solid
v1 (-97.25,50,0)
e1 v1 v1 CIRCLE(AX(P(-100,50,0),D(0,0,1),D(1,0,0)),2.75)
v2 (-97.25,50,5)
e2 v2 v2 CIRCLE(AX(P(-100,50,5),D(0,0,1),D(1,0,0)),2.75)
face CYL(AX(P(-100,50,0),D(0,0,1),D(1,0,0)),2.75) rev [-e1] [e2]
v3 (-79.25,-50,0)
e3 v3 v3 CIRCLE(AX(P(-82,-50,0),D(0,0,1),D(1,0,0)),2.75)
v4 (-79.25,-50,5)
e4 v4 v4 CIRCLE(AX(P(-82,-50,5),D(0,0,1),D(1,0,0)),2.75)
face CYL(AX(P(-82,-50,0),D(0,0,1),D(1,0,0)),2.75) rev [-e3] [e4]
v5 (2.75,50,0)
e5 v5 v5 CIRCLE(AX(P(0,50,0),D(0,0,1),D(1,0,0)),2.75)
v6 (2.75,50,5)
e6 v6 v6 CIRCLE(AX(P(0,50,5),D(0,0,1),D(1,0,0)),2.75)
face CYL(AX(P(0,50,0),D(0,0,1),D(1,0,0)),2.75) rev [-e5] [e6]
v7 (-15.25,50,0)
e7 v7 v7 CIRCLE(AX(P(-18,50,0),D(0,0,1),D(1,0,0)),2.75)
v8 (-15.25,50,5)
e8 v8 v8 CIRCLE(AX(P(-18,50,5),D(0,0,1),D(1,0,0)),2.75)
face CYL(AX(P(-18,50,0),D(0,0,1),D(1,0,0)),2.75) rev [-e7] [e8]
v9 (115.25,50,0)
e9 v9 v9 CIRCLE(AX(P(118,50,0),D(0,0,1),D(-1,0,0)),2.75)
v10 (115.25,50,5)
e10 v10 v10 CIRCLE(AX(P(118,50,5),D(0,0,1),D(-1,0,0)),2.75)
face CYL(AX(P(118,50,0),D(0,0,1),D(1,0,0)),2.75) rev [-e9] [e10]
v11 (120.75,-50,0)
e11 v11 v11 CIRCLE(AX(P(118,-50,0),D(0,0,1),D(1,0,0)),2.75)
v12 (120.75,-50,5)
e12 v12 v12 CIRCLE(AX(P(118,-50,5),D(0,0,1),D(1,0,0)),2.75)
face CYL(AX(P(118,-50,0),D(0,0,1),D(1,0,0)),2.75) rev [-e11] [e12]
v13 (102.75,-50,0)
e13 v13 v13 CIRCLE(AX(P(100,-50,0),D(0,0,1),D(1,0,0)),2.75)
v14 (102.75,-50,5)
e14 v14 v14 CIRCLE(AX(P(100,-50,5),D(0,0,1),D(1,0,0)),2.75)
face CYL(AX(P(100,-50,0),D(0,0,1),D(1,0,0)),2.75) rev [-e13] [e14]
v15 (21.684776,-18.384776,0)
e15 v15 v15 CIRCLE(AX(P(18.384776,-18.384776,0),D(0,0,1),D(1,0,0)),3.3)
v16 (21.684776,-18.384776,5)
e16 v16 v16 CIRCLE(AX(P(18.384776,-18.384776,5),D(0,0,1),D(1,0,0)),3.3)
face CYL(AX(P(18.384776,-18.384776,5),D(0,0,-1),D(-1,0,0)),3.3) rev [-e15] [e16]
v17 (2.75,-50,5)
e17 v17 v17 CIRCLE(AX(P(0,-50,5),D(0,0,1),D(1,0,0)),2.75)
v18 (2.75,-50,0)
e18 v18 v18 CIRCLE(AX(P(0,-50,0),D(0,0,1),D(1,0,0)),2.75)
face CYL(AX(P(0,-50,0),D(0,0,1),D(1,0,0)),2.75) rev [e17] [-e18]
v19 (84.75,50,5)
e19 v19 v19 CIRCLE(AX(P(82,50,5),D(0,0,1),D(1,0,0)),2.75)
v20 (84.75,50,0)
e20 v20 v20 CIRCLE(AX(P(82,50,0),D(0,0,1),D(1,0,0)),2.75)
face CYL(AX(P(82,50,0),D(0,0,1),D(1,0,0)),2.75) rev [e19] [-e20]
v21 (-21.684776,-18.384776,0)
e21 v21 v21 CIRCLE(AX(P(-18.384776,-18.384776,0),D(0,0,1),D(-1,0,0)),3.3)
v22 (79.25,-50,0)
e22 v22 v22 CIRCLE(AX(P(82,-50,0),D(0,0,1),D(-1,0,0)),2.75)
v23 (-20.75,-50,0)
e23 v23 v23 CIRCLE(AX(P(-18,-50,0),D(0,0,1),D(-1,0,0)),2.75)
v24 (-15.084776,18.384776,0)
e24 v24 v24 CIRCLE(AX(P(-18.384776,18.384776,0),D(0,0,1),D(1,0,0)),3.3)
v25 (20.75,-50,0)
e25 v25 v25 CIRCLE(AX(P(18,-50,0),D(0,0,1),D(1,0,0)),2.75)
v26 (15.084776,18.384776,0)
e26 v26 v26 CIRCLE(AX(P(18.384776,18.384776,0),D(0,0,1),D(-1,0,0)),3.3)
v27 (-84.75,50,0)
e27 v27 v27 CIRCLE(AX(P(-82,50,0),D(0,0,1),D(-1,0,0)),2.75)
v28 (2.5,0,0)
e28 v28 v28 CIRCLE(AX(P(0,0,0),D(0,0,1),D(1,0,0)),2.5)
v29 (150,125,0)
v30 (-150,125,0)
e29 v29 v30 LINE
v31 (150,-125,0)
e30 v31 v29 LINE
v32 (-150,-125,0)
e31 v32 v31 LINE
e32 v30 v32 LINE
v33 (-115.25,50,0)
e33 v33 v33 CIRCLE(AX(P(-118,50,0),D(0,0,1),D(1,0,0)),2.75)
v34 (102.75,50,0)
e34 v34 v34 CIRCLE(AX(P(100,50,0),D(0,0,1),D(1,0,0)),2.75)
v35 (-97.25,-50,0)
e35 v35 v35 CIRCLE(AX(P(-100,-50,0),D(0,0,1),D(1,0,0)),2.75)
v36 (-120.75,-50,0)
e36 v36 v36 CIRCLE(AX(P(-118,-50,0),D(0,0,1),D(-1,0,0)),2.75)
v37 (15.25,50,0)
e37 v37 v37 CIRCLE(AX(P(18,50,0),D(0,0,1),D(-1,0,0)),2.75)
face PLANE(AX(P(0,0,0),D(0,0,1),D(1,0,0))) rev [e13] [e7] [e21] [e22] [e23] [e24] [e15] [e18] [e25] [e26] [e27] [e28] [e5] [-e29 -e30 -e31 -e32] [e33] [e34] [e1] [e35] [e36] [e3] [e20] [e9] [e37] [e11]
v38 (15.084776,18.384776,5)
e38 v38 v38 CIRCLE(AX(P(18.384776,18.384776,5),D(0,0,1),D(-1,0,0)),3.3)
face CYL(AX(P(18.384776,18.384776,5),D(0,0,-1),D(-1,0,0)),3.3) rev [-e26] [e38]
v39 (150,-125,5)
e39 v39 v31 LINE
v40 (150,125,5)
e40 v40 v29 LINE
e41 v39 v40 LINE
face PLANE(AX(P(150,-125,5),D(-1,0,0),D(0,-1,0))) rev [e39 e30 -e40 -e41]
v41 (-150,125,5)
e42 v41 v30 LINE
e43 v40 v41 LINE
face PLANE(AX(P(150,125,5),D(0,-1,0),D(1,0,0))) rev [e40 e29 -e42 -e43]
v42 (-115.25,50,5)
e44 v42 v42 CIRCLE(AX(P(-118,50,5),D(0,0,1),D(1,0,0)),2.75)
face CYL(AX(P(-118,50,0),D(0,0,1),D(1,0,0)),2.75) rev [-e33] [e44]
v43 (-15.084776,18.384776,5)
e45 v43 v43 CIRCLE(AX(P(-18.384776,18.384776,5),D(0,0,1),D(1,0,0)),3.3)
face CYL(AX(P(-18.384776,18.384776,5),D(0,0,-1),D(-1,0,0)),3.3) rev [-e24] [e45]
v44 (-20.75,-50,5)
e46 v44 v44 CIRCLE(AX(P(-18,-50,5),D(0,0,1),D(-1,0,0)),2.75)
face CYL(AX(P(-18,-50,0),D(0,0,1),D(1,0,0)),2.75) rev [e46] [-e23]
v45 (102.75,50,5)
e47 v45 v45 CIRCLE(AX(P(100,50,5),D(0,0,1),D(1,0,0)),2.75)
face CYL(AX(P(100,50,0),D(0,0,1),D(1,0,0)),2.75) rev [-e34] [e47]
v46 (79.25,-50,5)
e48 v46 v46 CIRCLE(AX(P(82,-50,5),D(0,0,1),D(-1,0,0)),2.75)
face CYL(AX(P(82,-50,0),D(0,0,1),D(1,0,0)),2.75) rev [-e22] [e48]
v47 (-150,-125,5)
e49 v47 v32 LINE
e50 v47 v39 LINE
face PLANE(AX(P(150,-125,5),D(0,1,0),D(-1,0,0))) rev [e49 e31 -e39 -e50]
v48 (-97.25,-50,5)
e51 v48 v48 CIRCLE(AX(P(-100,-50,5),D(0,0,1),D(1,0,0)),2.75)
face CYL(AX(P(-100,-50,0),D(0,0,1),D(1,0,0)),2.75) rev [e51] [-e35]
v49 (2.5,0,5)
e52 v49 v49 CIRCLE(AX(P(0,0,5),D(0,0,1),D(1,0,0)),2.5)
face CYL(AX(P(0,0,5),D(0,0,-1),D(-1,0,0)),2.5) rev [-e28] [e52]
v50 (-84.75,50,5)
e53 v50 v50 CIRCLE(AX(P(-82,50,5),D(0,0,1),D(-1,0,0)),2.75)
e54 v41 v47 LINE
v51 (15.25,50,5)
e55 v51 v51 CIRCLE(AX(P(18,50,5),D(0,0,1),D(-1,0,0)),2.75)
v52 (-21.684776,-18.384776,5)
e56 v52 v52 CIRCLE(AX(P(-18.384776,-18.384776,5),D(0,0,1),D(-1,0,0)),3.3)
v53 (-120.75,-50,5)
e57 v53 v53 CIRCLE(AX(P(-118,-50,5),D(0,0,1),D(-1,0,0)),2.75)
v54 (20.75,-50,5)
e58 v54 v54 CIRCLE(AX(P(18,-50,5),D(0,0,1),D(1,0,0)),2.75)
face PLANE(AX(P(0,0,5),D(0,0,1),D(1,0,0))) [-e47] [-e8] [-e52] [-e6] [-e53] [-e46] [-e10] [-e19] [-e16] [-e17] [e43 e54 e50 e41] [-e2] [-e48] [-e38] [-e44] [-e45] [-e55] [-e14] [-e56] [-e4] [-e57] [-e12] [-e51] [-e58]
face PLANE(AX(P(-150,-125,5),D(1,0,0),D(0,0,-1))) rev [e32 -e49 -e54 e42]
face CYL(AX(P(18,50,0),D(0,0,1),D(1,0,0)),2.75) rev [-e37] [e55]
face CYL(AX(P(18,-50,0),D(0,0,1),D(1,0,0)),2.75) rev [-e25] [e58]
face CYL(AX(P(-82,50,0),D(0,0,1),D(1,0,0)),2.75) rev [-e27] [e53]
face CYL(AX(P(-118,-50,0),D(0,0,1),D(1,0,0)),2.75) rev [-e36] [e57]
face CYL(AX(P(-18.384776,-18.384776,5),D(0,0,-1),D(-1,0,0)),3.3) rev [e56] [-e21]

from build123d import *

# Parameters (mm, degrees)
SKETCH_1_W          = 300
SKETCH_1_H          = 250
SKETCH_1_R          = 3.3
SKETCH_1_R_2        = 2.5
EXTRUDE_1_DEPTH     = 5
SKETCH_2_R          = 2.75
CUT_EXTRUDE_1_DEPTH = 196.320249846


with BuildPart() as part:
    # 草图1 → 凸台-拉伸1 (new body)
    with BuildSketch(Plane.XY):
        Rectangle(SKETCH_1_W, SKETCH_1_H)
        with Locations((-18.384776311, 18.384776311)):
            Circle(SKETCH_1_R, mode=Mode.SUBTRACT)
        with Locations(Location((18.384776311, 18.384776311, 0), (0, 0, 180))):
            Circle(SKETCH_1_R, mode=Mode.SUBTRACT)
        with Locations((18.384776311, -18.384776311)):
            Circle(SKETCH_1_R, mode=Mode.SUBTRACT)
        with Locations(Location((-18.384776311, -18.384776311, 0), (0, 0, 180))):
            Circle(SKETCH_1_R, mode=Mode.SUBTRACT)
        Circle(SKETCH_1_R_2, mode=Mode.SUBTRACT)
    extrude(amount=EXTRUDE_1_DEPTH)

    # 草图2 → 切除-拉伸1 (cut, through all)
    with BuildSketch(Plane.XY.offset(5)):
        with Locations((-100, 50)):
            Circle(SKETCH_2_R)
        with Locations((0, 50)):
            Circle(SKETCH_2_R)
        with Locations((100, 50)):
            Circle(SKETCH_2_R)
        with Locations((100, -50)):
            Circle(SKETCH_2_R)
        with Locations((0, -50)):
            Circle(SKETCH_2_R)
        with Locations((-100, -50)):
            Circle(SKETCH_2_R)
        with Locations((-118, 50)):
            Circle(SKETCH_2_R)
        with Locations(Location((-82, 50, 0), (0, 0, 180))):
            Circle(SKETCH_2_R)
        with Locations((-82, -50)):
            Circle(SKETCH_2_R)
        with Locations(Location((-118, -50, 0), (0, 0, 180))):
            Circle(SKETCH_2_R)
        with Locations((-18, 50)):
            Circle(SKETCH_2_R)
        with Locations(Location((-18, -50, 0), (0, 0, 180))):
            Circle(SKETCH_2_R)
        with Locations((118, -50)):
            Circle(SKETCH_2_R)
        with Locations(Location((82, -50, 0), (0, 0, 180))):
            Circle(SKETCH_2_R)
        with Locations((18, -50)):
            Circle(SKETCH_2_R)
        with Locations(Location((18, 50, 0), (0, 0, 180))):
            Circle(SKETCH_2_R)
        with Locations((82, 50)):
            Circle(SKETCH_2_R)
        with Locations(Location((118, 50, 0), (0, 0, 180))):
            Circle(SKETCH_2_R)
    extrude(amount=-CUT_EXTRUDE_1_DEPTH, mode=Mode.SUBTRACT)


solid = part.part
